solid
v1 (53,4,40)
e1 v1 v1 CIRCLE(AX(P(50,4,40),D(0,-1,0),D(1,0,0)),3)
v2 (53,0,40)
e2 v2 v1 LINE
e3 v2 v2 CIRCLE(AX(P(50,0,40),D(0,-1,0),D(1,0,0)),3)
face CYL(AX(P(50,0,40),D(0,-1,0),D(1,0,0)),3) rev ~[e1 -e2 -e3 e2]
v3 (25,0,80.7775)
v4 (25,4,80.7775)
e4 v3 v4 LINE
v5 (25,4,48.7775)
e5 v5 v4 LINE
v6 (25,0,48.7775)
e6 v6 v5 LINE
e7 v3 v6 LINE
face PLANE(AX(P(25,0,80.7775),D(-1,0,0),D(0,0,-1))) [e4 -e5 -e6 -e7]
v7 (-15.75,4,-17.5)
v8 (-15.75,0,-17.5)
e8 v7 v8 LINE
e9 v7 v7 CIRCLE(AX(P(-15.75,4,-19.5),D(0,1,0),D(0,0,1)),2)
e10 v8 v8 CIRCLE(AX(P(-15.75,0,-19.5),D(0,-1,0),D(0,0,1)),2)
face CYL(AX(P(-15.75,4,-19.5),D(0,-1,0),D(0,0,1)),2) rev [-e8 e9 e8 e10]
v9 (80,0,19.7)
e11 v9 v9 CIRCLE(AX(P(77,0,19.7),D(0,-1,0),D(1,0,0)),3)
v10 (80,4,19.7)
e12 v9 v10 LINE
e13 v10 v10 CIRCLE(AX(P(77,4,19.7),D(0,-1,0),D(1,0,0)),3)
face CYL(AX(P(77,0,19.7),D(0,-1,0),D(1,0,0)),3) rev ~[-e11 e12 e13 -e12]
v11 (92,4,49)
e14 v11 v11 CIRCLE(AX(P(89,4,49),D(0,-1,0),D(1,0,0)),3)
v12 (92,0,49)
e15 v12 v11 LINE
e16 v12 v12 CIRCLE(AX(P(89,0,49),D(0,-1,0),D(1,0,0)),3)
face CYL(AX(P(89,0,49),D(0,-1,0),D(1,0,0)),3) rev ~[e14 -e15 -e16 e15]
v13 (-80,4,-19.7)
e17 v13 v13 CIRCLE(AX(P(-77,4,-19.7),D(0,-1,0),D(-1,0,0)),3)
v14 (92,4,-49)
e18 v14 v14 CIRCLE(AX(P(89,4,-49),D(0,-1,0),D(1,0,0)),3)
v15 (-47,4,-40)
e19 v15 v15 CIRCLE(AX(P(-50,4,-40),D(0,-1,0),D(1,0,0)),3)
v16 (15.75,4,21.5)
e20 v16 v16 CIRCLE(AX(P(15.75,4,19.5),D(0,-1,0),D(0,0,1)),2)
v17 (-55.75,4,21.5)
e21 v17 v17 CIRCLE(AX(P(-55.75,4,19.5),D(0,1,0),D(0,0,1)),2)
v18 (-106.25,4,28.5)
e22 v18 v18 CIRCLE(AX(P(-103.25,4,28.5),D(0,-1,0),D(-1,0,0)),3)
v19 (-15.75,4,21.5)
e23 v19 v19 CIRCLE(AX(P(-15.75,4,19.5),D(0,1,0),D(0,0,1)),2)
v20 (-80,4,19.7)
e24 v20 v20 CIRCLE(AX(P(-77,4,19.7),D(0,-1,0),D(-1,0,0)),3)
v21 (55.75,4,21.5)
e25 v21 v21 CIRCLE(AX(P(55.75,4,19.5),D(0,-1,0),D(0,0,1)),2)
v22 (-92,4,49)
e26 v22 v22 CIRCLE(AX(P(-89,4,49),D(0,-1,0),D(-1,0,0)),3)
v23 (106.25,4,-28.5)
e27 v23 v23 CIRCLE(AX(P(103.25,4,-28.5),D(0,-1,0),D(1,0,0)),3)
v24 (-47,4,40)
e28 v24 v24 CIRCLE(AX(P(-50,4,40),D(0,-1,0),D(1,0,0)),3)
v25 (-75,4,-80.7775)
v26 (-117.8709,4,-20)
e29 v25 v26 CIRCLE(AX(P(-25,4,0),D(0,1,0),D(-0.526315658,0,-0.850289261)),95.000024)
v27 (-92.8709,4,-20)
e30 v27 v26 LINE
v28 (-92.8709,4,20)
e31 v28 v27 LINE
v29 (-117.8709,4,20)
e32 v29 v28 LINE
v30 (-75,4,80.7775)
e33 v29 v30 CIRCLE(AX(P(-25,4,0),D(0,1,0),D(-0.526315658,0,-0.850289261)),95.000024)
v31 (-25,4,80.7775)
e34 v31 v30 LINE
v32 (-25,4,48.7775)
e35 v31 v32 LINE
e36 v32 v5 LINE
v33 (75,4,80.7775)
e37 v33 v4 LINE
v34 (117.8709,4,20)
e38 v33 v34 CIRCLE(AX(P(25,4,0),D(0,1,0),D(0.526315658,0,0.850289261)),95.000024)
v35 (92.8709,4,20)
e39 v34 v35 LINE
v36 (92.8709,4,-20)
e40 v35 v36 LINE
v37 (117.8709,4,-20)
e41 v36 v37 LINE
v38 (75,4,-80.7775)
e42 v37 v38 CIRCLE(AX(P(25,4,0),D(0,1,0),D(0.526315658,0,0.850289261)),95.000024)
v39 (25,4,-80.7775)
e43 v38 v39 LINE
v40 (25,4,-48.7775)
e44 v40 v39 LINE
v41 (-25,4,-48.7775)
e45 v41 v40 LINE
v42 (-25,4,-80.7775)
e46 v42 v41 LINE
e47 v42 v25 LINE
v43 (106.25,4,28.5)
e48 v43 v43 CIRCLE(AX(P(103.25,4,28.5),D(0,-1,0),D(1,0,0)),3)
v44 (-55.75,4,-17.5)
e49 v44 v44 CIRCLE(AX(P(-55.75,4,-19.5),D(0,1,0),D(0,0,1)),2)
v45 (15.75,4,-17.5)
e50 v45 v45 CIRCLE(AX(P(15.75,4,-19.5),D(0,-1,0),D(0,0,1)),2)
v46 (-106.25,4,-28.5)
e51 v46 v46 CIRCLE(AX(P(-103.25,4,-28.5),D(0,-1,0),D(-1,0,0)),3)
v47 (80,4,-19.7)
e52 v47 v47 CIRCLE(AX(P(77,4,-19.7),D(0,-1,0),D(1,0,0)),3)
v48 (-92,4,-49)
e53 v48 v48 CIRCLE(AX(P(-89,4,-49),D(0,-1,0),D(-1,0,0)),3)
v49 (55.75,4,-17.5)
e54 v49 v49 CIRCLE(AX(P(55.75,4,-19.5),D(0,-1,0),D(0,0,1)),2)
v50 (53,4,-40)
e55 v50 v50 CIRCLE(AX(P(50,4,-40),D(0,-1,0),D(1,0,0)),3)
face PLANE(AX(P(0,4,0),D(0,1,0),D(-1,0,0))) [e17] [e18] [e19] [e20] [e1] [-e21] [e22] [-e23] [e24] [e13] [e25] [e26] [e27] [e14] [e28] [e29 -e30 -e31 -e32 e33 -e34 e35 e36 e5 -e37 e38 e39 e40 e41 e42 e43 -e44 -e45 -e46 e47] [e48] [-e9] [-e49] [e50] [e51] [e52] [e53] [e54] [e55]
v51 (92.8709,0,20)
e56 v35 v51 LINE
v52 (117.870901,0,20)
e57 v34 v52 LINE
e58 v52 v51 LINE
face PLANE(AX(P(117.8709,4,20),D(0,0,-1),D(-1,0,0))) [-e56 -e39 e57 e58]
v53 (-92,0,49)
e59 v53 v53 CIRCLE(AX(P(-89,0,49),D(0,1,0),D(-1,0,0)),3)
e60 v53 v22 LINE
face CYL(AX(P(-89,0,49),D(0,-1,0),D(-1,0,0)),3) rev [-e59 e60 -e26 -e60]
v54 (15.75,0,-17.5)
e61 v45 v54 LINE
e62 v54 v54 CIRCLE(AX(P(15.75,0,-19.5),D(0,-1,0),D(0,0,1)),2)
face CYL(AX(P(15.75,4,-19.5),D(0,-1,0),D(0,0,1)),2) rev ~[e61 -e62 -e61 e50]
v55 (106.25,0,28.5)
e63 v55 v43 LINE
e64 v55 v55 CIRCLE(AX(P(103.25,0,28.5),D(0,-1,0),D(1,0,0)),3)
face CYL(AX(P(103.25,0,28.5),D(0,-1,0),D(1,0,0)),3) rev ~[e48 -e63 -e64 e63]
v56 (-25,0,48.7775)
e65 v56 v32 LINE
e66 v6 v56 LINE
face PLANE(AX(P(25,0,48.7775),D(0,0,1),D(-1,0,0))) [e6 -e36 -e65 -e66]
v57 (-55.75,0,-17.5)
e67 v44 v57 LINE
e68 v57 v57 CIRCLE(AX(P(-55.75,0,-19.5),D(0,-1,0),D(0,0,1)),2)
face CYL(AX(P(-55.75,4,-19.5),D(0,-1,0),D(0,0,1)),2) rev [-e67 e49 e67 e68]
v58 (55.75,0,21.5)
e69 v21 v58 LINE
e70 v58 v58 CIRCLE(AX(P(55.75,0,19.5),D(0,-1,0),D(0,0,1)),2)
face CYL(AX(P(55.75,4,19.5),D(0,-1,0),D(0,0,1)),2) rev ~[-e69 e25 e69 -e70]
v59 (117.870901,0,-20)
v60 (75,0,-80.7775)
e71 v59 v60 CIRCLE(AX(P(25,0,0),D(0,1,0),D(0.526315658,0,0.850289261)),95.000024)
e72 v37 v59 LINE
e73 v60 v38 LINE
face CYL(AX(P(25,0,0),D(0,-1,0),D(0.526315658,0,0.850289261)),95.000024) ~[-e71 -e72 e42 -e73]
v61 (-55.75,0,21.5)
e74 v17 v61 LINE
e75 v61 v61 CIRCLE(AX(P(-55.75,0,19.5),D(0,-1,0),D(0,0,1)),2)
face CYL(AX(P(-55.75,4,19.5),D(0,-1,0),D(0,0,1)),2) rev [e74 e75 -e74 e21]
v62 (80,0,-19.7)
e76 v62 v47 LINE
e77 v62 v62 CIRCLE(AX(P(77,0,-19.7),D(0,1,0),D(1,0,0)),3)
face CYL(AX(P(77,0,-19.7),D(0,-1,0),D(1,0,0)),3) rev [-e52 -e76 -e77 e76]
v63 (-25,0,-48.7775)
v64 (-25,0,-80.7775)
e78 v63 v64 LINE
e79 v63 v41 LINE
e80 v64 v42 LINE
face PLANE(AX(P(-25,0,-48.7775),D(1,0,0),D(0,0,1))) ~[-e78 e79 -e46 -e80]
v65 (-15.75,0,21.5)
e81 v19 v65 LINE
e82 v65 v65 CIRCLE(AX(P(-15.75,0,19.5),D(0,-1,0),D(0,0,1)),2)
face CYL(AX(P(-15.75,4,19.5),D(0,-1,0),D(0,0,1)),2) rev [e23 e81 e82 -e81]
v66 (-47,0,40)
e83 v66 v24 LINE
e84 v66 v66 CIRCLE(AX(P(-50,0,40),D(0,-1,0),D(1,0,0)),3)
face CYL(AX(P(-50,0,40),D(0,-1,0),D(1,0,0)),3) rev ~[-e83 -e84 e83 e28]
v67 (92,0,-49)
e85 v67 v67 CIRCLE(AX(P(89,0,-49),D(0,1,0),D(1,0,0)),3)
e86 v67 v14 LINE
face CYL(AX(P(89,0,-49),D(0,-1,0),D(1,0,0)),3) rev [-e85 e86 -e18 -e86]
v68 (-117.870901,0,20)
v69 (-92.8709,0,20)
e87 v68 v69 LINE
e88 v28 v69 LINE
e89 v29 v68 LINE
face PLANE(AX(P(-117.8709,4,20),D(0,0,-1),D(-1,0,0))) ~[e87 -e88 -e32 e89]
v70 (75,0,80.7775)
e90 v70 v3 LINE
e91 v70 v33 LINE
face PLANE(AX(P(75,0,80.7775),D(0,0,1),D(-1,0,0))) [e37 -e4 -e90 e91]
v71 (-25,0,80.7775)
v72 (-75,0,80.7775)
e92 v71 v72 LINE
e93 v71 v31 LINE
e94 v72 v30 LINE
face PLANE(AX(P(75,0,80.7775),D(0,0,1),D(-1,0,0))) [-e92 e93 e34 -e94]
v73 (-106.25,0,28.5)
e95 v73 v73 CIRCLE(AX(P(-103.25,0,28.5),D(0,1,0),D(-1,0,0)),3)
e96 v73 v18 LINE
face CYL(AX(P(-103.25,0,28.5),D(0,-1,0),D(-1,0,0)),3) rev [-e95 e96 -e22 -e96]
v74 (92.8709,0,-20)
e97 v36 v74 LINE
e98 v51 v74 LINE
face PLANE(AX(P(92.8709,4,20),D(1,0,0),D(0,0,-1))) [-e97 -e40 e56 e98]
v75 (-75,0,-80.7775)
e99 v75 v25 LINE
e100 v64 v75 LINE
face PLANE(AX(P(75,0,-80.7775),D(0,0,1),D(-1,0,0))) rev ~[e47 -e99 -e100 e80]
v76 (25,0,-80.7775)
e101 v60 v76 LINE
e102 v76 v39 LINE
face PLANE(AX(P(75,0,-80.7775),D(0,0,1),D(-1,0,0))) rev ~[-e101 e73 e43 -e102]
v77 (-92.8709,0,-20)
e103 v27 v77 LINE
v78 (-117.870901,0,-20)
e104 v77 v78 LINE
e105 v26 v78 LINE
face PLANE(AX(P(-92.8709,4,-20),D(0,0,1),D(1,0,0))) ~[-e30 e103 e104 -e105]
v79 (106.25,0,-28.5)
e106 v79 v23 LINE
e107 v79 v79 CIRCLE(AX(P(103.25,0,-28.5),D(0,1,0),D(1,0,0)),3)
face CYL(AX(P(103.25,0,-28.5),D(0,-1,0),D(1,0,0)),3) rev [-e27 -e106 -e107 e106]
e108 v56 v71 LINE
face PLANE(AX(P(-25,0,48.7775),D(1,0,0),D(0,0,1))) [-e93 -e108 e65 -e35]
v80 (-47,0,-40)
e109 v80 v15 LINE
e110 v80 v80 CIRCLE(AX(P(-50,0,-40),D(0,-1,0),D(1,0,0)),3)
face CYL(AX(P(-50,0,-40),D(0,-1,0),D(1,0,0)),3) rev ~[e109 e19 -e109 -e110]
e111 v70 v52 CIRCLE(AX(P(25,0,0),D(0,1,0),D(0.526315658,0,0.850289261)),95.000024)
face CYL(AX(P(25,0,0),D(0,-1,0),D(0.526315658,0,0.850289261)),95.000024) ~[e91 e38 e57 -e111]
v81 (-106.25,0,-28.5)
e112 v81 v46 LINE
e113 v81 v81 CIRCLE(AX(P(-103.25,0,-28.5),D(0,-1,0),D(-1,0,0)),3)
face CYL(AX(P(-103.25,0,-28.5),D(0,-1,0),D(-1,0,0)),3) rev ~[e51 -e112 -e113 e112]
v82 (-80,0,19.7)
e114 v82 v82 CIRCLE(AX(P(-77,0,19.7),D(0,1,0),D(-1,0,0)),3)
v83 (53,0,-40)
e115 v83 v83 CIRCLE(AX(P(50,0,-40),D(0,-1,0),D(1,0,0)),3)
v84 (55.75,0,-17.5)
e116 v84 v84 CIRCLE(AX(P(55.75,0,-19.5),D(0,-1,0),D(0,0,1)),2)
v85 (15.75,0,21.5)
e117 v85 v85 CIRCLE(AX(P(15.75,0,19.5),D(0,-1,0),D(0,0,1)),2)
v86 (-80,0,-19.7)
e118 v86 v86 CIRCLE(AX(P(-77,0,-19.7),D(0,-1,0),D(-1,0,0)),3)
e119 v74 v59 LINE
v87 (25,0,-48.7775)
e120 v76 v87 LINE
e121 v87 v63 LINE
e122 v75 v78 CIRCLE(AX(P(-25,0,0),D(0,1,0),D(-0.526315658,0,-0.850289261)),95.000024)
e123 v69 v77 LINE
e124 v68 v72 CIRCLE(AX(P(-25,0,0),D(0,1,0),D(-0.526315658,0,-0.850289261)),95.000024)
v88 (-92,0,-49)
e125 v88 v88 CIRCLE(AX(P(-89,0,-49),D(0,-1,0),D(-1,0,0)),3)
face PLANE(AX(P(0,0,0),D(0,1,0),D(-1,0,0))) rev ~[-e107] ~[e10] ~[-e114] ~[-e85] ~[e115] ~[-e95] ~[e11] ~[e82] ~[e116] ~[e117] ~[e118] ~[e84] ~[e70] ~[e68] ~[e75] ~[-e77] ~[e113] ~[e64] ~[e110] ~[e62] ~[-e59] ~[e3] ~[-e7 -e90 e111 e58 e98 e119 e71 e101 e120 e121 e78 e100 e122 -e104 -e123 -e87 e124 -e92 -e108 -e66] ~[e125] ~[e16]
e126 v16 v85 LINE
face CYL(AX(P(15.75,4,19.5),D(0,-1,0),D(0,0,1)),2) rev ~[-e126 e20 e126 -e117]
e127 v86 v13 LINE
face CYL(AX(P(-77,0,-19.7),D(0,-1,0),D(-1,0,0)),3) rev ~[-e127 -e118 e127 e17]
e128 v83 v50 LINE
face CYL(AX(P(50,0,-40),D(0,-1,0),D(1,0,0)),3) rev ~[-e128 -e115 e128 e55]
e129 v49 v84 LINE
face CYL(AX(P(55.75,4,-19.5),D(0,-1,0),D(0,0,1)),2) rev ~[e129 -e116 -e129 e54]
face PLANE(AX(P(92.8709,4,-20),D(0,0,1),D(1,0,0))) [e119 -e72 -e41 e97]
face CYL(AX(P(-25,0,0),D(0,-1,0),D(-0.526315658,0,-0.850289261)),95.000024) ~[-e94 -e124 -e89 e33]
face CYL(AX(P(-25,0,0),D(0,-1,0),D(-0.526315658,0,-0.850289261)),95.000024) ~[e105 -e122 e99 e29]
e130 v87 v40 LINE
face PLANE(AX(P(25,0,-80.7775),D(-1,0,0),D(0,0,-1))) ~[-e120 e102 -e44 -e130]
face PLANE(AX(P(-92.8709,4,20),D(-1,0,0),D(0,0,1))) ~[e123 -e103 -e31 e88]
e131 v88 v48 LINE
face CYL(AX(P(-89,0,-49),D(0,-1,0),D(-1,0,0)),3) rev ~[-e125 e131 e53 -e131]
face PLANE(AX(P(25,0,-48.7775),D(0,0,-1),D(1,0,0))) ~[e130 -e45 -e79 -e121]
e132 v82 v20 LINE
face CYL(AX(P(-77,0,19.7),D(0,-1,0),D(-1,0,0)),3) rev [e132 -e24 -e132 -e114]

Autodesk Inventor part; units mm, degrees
ref_plane "YZ Plane" through (0, 0, 0) normal (1, 0, 0) x (0, 1, 0)
ref_plane "XZ Plane" through (0, 0, 0) normal (0, 1, 0) x (-1, 0, 0)
ref_plane "XY Plane" through (0, 0, 0) normal (0, 0, 1) x (1, 0, 0)
sketch "Esquisse1" plane through (0, 0, 0) normal (0, 1, 0) x (-1, 0, 0)
  circle A0 centre (0, 0) radius 25 construction
  line L0 (-25, 0) -> (25, 0) construction
  arc A1 (-75, -80.7775) -> (-75, 80.7775) centre (-25, 0) ccw construction
  arc A2 (75, 80.7775) -> (75, -80.7775) centre (25, 0) ccw construction
  line L1 (0, 25) -> (0, 0) construction
  line L2 (-75, 80.7775) -> (75, 80.7775)
  line L3 (-75, -80.7775) -> (75, -80.7775)
  arc A3 (75, -80.7775) -> (75, 80.7775) centre (25, 0) ccw
  arc A4 (-75, 80.7775) -> (-75, -80.7775) centre (-25, 0) ccw
  dimension "d0" = 50
  dimension "d1" = 190
  dimension "d2" = 150
extrude "Extrusion1" add sketch "Esquisse1" along normal blind 4
sketch "Esquisse4" plane through (0, 0, 0) normal (0, -1, 0) x (1, 0, 0)
  line L0 (-50, 40) -> (50, 40) construction
  line L1 (50, 40) -> (50, -40) construction
  line L2 (50, -40) -> (-50, -40) construction
  line L3 (-50, -40) -> (-50, 40) construction
  circle A0 centre (-50, 40) radius 3
  circle A1 centre (50, 40) radius 3
  circle A2 centre (50, -40) radius 3
  circle A3 centre (-50, -40) radius 3
  line L4 (75, 80.7775) -> (-75, 80.7775) projected
  point P0 (0, 0)
  dimension "d15" = 80
  dimension "d16" = 100
  dimension "d17" = 50
  dimension "d18" = 40
  dimension "d19" = 6
  dimension "d20" = 6
  dimension "d21" = 6
  dimension "d22" = 6
  dimension "d25" = 40.7775
extrude "Extrusion4" cut sketch "Esquisse4" against normal through all
sketch "Esquisse8" plane through (0, 0, 0) normal (0, -1, 0) x (1, 0, 0)
  line L0 (96.5, 35) -> (96.5, -35) projected
  line L1 (82, 42) -> (96, 42)
  line L2 (96, 42) -> (96, -42)
  line L3 (96, -42) -> (82, -42)
  line L4 (82, -42) -> (82, 42)
  line L5 (96, 21.5) -> (108.5, 21.5)
  line L6 (108.5, 21.5) -> (108.5, -21.5)
  line L7 (108.5, -21.5) -> (96, -21.5)
  line L8 (96, -21.5) -> (96, 21.5)
  line L9 (82, -14.7) -> (76.3, -14.7)
  line L10 (76.3, -14.7) -> (76.3, 14.7)
  line L11 (76.3, 14.7) -> (82, 14.7)
  line L12 (82, 14.7) -> (82, -14.7)
  line L13 (82, 14.7) -> (72, 14.7)
  line L14 (72, 14.7) -> (72, 24.7)
  line L15 (72, 24.7) -> (82, 24.7)
  line L16 (82, 24.7) -> (82, 14.7)
  line L17 (96, 21.5) -> (110.5, 21.5)
  line L18 (110.5, 21.5) -> (110.5, 35.5)
  line L19 (110.5, 35.5) -> (96, 35.5)
  line L20 (96, 35.5) -> (96, 21.5)
  line L21 (96, 42) -> (82, 42)
  line L22 (82, 42) -> (82, 56)
  line L23 (82, 56) -> (96, 56)
  line L24 (96, 56) -> (96, 42)
  line L25 (72, 24.7) -> (82, 14.7) construction
  line L26 (82, 24.7) -> (72, 14.7) construction
  line L27 (110.5, 21.5) -> (96, 35.5) construction
  line L28 (96, 21.5) -> (110.5, 35.5) construction
  line L29 (82, 56) -> (96, 42) construction
  line L30 (82, 42) -> (96, 56) construction
  circle A0 centre (89, 49) radius 3
  circle A1 centre (77, 19.7) radius 3
  circle A2 centre (103.25, 28.5) radius 3
  arc A3 (75, -80.7775) -> (75, 80.7775) centre (25, 0) ccw projected
  line L31 (108.5, 21.5) -> (115, 21.5)
  line L32 (115, 21.5) -> (115, -21.5)
  line L33 (115, -21.5) -> (108.5, -21.5)
  line L34 (108.5, -21.5) -> (108.5, 21.5)
  line L35 (0, 0) -> (120, 0)
  dimension "d59" = 84
  dimension "d60" = 14
  dimension "d61" = 29.4
  dimension "d62" = 5.7
  dimension "d63" = 12.5
  dimension "d64" = 43
  dimension "d65" = 42
  dimension "d66" = 14.7
  dimension "d67" = 21.5
  dimension "d68" = 14
  dimension "d69" = 14
  dimension "d70" = 14
  dimension "d71" = 10
  dimension "d72" = 10
  dimension "d73" = 6
  dimension "d74" = 6
  dimension "d75" = 6
  dimension "d78" = 6.5
  dimension "d79" = 5
extrude "Extrusion6" cut sketch "Esquisse8" against normal through all contours A0 | A1 | A2
mirror "Symétrie2" about plane through (0, 0, 0) normal (0, 0, 1) of "Extrusion6"
mirror "Symétrie3" about plane through (0, 0, 0) normal (1, 0, 0) of "Extrusion6", "Symétrie2"
sketch "Esquisse11" plane through (0, 4, 0) normal (0, 1, 0) x (1, 0, 0)
  line L0 (15.75, 19.5) -> (55.75, 19.5)
  line L1 (55.75, 19.5) -> (55.75, -19.5)
  line L2 (55.75, -19.5) -> (15.75, -19.5)
  line L3 (15.75, -19.5) -> (15.75, 19.5)
  line L4 (11.75, 23.5) -> (59.75, 23.5)
  line L5 (59.75, 23.5) -> (59.75, -23.5)
  line L6 (59.75, -23.5) -> (11.75, -23.5)
  line L7 (11.75, -23.5) -> (11.75, 23.5)
  point P0 (0, 0)
  dimension "d103" = 40
  dimension "d104" = 48
  dimension "d105" = 4
  dimension "d106" = 47
  dimension "d107" = 39
  dimension "d108" = 4
  dimension "d109" = 23.5
  dimension "d110" = 11.75
hole "Perçage1" at (15.75, 4, -19.5) at (55.75, 4, -19.5) at (55.75, 4, 19.5) at (15.75, 4, 19.5) direction (0, -1, 0) diameter 4 end through all
mirror "Symétrie7" about plane through (0, 0, 0) normal (1, 0, 0) of "Perçage1"
sketch "Esquisse12" plane through (0, 4, 0) normal (0, 1, 0) x (1, 0, 0)
  arc A0 (75, -80.7775) -> (75, 80.7775) centre (25, 0) ccw projected
  line L0 (92.8709, 20) -> (117.8709, 20)
  line L1 (117.8709, 20) -> (117.8709, -20)
  line L2 (117.8709, -20) -> (92.8709, -20)
  line L3 (92.8709, -20) -> (92.8709, 20)
  arc A1 (117.8709, 20) -> (117.8709, -20) centre (25, 0) ccw
  arc A2 (117.8709, -20) -> (117.8709, 20) centre (25, 0) ccw
  point P0 (0, 0)
  dimension "d111" = 25
  dimension "d112" = 40
extrude "Extrusion9" cut sketch "Esquisse12" against normal through all contours L1 A0 | L2 L3 L0 L1
mirror "Symétrie8" about plane through (0, 0, 0) normal (1, 0, 0) of "Extrusion9"
sketch "Esquisse14" plane through (0, 0, 0) normal (0, -1, 0) x (1, 0, 0)
  line L0 (75, 80.7775) -> (-75, 80.7775) projected
  line L1 (-25, 80.7775) -> (25, 80.7775)
  line L2 (25, 80.7775) -> (25, 48.7775)
  line L3 (25, 48.7775) -> (-25, 48.7775)
  line L4 (-25, 48.7775) -> (-25, 80.7775)
  point P0 (0, 0)
  dimension "d131" = 50
  dimension "d132" = 25
  dimension "d133" = 32
extrude "Extrusion11" cut sketch "Esquisse14" against normal through all
mirror "Symétrie10" about plane through (0, 0, 0) normal (0, 0, 1) of "Extrusion11"
equation "\"d17\" = 0.5 * d16"
equation "\"d18\" = 0.5 * d15"
equation "\"d20\" = d19"
equation "\"d21\" = d19"
equation "\"d22\" = d19"
equation "\"d65\" = 0.5 * d59"
equation "\"d66\" = 0.5 * d61"
equation "\"d67\" = 0.5 * d64"
equation "\"d68\" = d60"
equation "\"d70\" = d69"
properties part number "base"
